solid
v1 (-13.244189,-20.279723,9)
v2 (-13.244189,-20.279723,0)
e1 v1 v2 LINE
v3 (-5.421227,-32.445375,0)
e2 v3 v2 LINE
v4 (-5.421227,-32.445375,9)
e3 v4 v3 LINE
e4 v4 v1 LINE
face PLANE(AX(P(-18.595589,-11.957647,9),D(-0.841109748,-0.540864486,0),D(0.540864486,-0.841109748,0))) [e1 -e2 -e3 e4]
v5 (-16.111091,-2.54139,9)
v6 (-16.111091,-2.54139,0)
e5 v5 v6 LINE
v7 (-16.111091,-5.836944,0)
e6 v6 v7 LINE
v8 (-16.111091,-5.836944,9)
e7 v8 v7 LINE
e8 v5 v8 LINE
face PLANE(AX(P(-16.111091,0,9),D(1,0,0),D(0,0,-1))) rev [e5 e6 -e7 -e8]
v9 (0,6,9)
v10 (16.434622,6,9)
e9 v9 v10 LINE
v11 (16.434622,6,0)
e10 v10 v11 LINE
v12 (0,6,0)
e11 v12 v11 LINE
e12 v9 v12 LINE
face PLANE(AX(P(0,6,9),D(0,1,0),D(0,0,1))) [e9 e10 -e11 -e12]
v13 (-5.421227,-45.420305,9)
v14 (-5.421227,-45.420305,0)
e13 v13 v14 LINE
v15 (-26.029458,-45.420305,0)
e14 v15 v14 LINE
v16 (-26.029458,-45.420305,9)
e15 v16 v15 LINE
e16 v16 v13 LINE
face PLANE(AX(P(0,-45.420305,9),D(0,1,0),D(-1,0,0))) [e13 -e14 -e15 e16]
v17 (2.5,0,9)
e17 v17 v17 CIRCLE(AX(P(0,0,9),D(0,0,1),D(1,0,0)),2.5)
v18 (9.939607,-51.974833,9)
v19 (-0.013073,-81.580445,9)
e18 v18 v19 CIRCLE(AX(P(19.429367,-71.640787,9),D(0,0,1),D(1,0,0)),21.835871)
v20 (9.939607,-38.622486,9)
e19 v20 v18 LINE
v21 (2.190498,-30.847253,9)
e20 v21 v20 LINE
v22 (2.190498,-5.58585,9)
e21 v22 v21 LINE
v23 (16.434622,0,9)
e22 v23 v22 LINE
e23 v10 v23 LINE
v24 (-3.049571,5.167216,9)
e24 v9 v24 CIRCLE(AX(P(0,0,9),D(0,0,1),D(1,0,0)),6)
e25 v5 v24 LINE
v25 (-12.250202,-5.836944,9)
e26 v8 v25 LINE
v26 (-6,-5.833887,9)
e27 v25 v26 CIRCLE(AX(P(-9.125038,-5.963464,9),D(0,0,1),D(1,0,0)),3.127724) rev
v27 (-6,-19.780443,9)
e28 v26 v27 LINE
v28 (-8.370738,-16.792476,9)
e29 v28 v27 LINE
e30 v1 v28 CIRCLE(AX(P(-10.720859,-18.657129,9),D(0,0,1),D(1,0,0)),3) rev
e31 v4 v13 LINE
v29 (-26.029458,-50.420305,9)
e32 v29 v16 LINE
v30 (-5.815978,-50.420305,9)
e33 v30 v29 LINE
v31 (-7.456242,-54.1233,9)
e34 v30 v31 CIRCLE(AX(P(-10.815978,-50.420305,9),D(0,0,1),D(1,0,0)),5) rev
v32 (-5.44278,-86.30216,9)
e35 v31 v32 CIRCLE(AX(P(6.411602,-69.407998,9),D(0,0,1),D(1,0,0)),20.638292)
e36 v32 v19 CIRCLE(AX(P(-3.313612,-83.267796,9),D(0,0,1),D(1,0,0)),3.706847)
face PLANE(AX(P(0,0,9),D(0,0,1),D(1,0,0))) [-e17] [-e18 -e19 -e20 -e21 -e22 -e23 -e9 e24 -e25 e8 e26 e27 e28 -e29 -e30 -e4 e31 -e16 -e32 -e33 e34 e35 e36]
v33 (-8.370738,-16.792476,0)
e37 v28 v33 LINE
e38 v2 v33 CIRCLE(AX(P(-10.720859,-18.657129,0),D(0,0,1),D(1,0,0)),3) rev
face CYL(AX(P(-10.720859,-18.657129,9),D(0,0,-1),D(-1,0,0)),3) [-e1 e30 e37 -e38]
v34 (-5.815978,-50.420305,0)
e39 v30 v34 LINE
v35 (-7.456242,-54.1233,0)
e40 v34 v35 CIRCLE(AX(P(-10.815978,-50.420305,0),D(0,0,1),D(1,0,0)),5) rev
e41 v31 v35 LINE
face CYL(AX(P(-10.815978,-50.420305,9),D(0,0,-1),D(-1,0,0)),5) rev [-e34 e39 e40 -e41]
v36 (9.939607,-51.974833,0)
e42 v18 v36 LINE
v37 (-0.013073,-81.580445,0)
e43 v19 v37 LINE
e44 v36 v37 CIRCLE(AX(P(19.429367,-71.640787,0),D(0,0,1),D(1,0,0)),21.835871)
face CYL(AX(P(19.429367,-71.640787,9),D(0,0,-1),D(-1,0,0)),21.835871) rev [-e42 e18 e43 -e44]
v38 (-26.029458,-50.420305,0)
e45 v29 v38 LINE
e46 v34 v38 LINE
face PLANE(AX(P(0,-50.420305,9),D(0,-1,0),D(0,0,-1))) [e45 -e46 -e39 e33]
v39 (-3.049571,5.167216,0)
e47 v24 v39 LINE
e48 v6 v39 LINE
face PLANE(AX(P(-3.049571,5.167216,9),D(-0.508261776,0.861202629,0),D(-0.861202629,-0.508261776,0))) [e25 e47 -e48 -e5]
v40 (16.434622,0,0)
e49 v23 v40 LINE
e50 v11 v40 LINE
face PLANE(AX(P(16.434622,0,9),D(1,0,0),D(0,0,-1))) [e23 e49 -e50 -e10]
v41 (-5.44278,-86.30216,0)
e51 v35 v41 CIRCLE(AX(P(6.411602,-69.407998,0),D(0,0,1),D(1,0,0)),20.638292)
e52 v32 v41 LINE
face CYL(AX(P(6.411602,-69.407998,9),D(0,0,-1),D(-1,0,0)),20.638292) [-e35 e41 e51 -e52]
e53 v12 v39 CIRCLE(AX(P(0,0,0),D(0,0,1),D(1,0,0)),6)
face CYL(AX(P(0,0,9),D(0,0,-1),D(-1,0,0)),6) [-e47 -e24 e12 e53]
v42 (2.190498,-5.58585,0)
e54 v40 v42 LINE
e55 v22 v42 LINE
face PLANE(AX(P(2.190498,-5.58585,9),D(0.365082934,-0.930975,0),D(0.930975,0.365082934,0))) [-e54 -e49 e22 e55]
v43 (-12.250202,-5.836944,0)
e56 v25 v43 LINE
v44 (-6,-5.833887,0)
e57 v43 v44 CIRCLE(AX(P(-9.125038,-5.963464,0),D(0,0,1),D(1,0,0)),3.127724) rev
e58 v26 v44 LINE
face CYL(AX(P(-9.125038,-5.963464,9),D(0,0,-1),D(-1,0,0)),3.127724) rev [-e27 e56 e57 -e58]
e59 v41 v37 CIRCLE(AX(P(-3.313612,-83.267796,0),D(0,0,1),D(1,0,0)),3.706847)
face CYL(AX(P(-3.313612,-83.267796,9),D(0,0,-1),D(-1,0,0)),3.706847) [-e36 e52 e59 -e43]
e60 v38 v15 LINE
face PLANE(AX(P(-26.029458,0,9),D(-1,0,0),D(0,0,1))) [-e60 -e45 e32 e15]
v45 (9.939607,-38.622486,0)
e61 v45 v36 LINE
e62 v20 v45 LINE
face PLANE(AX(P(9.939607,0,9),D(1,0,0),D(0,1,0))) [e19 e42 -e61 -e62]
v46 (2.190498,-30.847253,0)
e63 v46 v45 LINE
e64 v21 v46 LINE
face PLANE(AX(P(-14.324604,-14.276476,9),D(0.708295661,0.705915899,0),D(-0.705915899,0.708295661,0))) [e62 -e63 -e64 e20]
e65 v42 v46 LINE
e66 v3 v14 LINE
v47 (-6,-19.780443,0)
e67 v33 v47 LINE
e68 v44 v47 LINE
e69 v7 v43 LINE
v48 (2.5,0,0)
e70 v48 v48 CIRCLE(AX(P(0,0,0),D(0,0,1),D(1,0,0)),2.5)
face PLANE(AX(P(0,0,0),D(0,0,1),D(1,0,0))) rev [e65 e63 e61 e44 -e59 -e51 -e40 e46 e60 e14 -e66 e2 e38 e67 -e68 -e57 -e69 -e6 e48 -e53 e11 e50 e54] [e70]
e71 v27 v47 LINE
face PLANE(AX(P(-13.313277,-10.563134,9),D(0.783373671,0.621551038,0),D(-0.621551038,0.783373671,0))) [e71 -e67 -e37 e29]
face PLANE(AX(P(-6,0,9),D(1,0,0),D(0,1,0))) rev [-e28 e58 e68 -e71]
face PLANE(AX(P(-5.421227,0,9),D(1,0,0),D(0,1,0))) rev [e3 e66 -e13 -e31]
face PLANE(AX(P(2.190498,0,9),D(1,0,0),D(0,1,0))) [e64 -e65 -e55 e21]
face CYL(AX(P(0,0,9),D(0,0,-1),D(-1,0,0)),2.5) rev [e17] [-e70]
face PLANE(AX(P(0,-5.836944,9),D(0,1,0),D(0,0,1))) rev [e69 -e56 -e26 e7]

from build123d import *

# Parameters (mm, degrees)
SKETCH_1_R      = 6
SKETCH_1_R_2    = 2.5
EXTRUDE_1_DEPTH = 9


with BuildPart() as part:
    # 스케치1 → 보스-돌출1 (new body)
    # profile 1 of 4: a face of its own
    with BuildSketch(Plane.XY):
        with BuildLine():
            ThreePointArc((-6, 0), (-5.210442588, 2.975111433), (-3.049570653, 5.167215772))
            Line((-3.049570653, 5.167215772), (-16.111090591, -2.541389723))
            Line((-16.111090591, -2.541389723), (-16.111090591, -5.836943755))
            Line((-16.111090591, -5.836943755), (-12.250201934, -5.836943755))
            ThreePointArc((-12.250201934, -5.836943755), (-9.126567796, -2.835740329), (-6, -5.833887432))
            Line((-6, -5.833887432), (-6, 0))
        make_face()
    # profile 2 of 4: a face of its own
    with BuildSketch(Plane.XY):
        with BuildLine():
            Line((16.434621945, 6), (0, 6))
            ThreePointArc((0, 6), (4.242640687, 4.242640687), (6, 0))
            ThreePointArc((6, 0), (4.956964072, -3.380607517), (2.190497604, -5.585850002))
            Line((2.190497604, -5.585850002), (16.434621945, 0))
            Line((16.434621945, 0), (16.434621945, 6))
        make_face()
    # profile 3 of 4: a face of its own
    with BuildSketch(Plane.XY):
        Circle(SKETCH_1_R)
        Circle(SKETCH_1_R_2, mode=Mode.SUBTRACT)
    # profile 4 of 4: a face of its own
    with BuildSketch(Plane.XY):
        with BuildLine():
            Line((2.190497604, -30.847252926), (2.190497604, -5.585850002))
            ThreePointArc((2.190497604, -5.585850002), (-3.380607517, -4.956964072), (-6, 0))
            Line((-6, 0), (-6, -5.833887432))
            Line((-6, -5.833887432), (-6, -19.780443195))
            Line((-6, -19.780443195), (-8.3707384, -16.792476109))
            ThreePointArc((-8.3707384, -16.792476109), (-10.302632743, -15.686424516), (-12.464810398, -16.216097687))
            ThreePointArc((-12.464810398, -16.216097687), (-13.667159153, -18.09204707), (-13.244188655, -20.27972268))
            Line((-13.244188655, -20.27972268), (-5.421227317, -32.445374533))
            Line((-5.421227317, -32.445374533), (-5.421227317, -45.420304836))
            Line((-5.421227317, -45.420304836), (-10.815978179, -45.420304836))
            Line((-10.815978179, -45.420304836), (-26.029458153, -45.420304836))
            Line((-26.029458153, -45.420304836), (-26.029458153, -50.420304836))
            Line((-26.029458153, -50.420304836), (-5.815978179, -50.420304836))
            ThreePointArc((-5.815978179, -50.420304836), (-6.244398475, -52.445313233), (-7.456241783, -54.123299752))
            ThreePointArc((-7.456241783, -54.123299752), (-14.186407072, -70.69683465), (-5.442779998, -86.302159685))
            ThreePointArc((-5.442779998, -86.302159685), (-0.881190338, -86.064944821), (-0.013072775, -81.580444512))
            ThreePointArc((-0.013072775, -81.580444512), (-1.268243927, -64.682757564), (9.939607459, -51.974833024))
            Line((9.939607459, -51.974833024), (9.939607459, -38.622486351))
            Line((9.939607459, -38.622486351), (2.190497604, -30.847252926))
        make_face()
    extrude(amount=EXTRUDE_1_DEPTH)


solid = part.part
